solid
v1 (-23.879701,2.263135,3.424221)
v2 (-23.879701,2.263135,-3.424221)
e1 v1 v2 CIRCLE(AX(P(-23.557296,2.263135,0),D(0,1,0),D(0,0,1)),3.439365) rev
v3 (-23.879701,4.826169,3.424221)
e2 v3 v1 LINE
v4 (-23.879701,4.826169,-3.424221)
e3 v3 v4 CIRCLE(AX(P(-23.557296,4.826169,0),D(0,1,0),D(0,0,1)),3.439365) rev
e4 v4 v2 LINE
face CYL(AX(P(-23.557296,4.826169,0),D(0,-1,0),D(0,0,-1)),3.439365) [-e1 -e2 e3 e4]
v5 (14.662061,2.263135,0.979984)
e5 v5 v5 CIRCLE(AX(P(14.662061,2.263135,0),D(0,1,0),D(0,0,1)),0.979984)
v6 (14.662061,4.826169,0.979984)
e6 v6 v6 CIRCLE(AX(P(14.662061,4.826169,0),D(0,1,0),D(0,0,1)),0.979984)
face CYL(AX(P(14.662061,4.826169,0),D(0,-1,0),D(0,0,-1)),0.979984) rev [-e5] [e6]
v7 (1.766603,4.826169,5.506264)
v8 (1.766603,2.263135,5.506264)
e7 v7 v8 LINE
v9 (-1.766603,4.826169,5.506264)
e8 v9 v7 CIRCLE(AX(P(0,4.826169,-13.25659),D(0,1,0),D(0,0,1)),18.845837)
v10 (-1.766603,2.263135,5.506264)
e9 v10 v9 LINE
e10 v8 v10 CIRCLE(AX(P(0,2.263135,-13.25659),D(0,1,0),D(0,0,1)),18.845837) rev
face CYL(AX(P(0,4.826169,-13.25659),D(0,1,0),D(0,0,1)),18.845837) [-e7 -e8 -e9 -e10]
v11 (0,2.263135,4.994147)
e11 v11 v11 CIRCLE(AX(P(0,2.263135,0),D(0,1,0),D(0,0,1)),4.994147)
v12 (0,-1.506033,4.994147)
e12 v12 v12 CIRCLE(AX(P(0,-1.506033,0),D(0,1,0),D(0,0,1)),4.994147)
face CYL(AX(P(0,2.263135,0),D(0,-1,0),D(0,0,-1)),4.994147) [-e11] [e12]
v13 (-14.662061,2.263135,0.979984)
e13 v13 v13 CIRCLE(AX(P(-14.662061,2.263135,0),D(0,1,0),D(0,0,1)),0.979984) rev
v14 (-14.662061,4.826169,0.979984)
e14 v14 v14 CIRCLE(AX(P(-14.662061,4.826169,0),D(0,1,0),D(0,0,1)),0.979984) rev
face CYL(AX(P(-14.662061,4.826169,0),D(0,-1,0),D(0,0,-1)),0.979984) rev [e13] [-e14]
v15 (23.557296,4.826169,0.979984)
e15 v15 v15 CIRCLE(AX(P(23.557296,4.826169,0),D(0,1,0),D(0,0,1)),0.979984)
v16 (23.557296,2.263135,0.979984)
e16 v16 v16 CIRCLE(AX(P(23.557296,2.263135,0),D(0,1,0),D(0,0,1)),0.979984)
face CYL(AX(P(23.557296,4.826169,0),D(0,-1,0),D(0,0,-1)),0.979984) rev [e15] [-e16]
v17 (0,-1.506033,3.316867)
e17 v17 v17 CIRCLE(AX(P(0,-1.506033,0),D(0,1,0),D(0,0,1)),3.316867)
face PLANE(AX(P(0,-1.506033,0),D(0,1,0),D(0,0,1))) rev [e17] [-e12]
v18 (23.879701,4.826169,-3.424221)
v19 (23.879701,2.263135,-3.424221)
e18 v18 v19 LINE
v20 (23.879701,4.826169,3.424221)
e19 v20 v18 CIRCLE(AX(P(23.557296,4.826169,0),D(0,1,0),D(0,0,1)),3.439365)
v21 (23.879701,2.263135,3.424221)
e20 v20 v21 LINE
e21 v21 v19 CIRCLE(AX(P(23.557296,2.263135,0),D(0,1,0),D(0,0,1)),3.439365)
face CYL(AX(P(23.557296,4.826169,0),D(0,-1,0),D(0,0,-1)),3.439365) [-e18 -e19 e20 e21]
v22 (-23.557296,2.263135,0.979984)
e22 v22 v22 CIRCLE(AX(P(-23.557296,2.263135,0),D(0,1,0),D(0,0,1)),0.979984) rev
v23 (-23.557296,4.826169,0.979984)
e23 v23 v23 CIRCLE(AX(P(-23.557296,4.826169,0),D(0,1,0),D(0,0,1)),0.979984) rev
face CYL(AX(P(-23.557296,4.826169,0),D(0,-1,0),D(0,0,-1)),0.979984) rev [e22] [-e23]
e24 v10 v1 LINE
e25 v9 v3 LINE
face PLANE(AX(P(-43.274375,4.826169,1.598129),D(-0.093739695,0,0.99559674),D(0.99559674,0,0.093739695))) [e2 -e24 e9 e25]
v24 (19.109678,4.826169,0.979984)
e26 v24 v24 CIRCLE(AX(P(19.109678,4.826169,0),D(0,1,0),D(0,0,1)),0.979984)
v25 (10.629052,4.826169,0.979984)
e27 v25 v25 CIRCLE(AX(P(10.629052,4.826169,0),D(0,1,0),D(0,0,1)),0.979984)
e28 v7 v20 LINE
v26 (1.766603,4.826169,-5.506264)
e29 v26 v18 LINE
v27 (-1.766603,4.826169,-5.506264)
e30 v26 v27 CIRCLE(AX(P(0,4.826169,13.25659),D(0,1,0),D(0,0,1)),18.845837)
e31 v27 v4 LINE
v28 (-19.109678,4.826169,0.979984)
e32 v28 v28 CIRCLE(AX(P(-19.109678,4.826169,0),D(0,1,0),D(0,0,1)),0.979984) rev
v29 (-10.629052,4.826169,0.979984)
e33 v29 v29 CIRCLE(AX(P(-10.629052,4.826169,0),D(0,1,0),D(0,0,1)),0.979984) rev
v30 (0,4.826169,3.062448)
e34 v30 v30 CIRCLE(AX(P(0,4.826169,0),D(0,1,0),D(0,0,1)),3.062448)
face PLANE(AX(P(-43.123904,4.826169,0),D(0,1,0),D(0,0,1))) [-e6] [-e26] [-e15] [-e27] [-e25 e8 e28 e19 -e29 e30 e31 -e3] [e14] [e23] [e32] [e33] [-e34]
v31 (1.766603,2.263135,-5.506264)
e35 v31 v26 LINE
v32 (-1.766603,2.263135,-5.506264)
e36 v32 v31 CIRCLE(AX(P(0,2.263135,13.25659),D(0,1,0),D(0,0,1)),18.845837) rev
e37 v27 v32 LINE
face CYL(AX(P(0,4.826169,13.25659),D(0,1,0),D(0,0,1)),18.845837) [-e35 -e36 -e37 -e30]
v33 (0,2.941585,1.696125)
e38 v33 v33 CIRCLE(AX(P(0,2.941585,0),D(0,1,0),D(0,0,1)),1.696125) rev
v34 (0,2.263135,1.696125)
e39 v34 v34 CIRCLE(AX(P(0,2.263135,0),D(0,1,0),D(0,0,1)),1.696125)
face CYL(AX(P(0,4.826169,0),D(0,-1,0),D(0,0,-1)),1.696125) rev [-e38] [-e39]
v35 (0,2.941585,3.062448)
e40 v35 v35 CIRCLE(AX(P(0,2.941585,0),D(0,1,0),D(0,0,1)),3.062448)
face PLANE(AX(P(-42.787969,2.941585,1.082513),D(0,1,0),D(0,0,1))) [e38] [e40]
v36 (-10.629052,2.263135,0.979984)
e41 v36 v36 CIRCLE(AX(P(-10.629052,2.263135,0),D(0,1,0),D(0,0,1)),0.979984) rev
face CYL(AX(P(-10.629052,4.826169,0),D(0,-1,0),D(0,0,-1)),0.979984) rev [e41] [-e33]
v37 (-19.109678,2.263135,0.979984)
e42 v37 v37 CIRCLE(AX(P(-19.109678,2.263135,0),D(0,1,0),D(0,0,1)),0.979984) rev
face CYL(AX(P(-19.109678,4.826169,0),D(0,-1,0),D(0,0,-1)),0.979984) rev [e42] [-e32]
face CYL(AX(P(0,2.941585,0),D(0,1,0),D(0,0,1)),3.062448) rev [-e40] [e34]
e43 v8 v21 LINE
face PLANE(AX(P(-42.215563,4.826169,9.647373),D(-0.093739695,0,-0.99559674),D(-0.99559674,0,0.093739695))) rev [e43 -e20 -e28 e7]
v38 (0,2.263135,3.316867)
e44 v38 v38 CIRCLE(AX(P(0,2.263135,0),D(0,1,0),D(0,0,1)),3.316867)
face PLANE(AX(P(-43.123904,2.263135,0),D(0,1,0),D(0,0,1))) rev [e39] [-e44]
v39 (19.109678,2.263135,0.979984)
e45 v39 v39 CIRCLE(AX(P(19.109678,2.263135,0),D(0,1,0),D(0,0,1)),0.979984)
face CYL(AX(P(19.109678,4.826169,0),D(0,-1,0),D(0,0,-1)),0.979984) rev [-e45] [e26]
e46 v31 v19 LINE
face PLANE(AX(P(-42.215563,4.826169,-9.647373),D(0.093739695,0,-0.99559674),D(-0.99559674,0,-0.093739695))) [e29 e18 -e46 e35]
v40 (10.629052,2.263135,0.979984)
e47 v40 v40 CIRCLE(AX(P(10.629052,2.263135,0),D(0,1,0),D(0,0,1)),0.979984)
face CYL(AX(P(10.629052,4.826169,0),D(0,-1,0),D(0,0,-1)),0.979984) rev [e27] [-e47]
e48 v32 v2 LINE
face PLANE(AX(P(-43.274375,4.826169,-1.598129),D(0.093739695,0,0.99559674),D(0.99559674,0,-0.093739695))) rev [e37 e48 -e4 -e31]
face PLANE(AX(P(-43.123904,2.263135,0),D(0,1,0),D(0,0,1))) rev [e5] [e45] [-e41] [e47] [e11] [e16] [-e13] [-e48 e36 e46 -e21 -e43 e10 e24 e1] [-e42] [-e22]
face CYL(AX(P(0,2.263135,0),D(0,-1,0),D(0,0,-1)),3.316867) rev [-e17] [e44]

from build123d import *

# Parameters (mm, degrees)
SKETCH1_R           = 3.3655
SKETCH1_R_2         = 2.2352
BOSS_EXTRUDE1_DEPTH = 2.54
SKETCH2_R           = 0.6604
SKETCH2_R_2         = 2.31775
SKETCH2_R_3         = 3.3655
SKETCH2_R_4         = 2.2352
SKETCH2_R_5         = 1.143
BOSS_EXTRUDE2_DEPTH = 1.7272
FILLET1_R           = 12.7
CUT_EXTRUDE1_START  = -1.27
SKETCH3_R           = 2.06375
SKETCH3_R_2         = 1.143
CUT_EXTRUDE1_DEPTH  = 1.27
SCALE1_SCALE        = 1.483924155


with BuildPart() as part:
    # Sketch1 → Boss-Extrude1 (new body)
    with BuildSketch(Plane(origin=(0, 0, 0), x_dir=(1, 0, 0), z_dir=(0, 1, 0))):
        with Locations(Location((0, 0, 0), (0, 0, 270))):
            Circle(SKETCH1_R)
        with Locations(Location((0, 0, 0), (0, 0, 270))):
            Circle(SKETCH1_R_2, mode=Mode.SUBTRACT)
    extrude(amount=BOSS_EXTRUDE1_DEPTH)

    # Sketch2 → Boss-Extrude2 (add)
    # profile 1 of 7: a face of its own
    with BuildSketch(Plane(origin=(0, 2.54, 0), x_dir=(1, 0, 0), z_dir=(0, 1, 0))):
        with BuildLine():
            ThreePointArc((-0.713521748, -3.755518873), (-3.8227, 0), (-0.713521748, 3.755518873))
            Line((-0.713521748, 3.755518873), (-16.092265178, 2.307544345))
            ThreePointArc((-16.092265178, 2.307544345), (-14.314807913, 1.713991165), (-13.55725, 0))
            ThreePointArc((-13.55725, 0), (-14.314807913, -1.713991165), (-16.092265178, -2.307544345))
            Line((-16.092265178, -2.307544345), (-0.713521748, -3.755518873))
        make_face()
        with Locations(Location((-12.8778, 0, 0), (0, 0, 270))):
            Circle(SKETCH2_R, mode=Mode.SUBTRACT)
        with Locations(Location((-9.8806, 0, 0), (0, 0, 270))):
            Circle(SKETCH2_R, mode=Mode.SUBTRACT)
        with Locations(Location((-7.1628, 0, 0), (0, 0, 270))):
            Circle(SKETCH2_R, mode=Mode.SUBTRACT)
    # profile 2 of 7: a face of its own
    with BuildSketch(Plane(origin=(0, 2.54, 0), x_dir=(1, 0, 0), z_dir=(0, 1, 0))):
        with Locations((-15.875, 0)):
            Circle(SKETCH2_R_2)
        with Locations(Location((-15.875, 0, 0), (0, 0, 270))):
            Circle(SKETCH2_R, mode=Mode.SUBTRACT)
    # profile 3 of 7: a face of its own
    with BuildSketch(Plane(origin=(0, 2.54, 0), x_dir=(1, 0, 0), z_dir=(0, 1, 0))):
        with BuildLine():
            Line((16.092265178, 2.307544345), (0.713521748, 3.755518873))
            ThreePointArc((0.713521748, 3.755518873), (2.944538578, 2.437771083), (3.8227, 0))
            ThreePointArc((3.8227, 0), (2.944538578, -2.437771083), (0.713521748, -3.755518873))
            Line((0.713521748, -3.755518873), (16.092265178, -2.307544345))
            ThreePointArc((16.092265178, -2.307544345), (13.55725, 0), (16.092265178, 2.307544345))
        make_face()
        with Locations(Location((7.1628, 0, 0), (0, 0, 270))):
            Circle(SKETCH2_R, mode=Mode.SUBTRACT)
        with Locations(Location((9.8806, 0, 0), (0, 0, 270))):
            Circle(SKETCH2_R, mode=Mode.SUBTRACT)
        with Locations(Location((12.8778, 0, 0), (0, 0, 270))):
            Circle(SKETCH2_R, mode=Mode.SUBTRACT)
    # profile 4 of 7: a face of its own
    with BuildSketch(Plane(origin=(0, 2.54, 0), x_dir=(1, 0, 0), z_dir=(0, 1, 0))):
        with Locations((15.875, 0)):
            Circle(SKETCH2_R_2)
        with Locations(Location((15.875, 0, 0), (0, 0, 270))):
            Circle(SKETCH2_R, mode=Mode.SUBTRACT)
    # profile 5 of 7: a face of its own
    with BuildSketch(Plane(origin=(0, 2.54, 0), x_dir=(1, 0, 0), z_dir=(0, 1, 0))):
        with BuildLine():
            Line((0.713521748, 3.755518873), (0, 3.8227))
            Line((0, 3.8227), (-0.713521748, 3.755518873))
            ThreePointArc((-0.713521748, 3.755518873), (-3.8227, 0), (-0.713521748, -3.755518873))
            Line((-0.713521748, -3.755518873), (0, -3.8227))
            Line((0, -3.8227), (0.713521748, -3.755518873))
            ThreePointArc((0.713521748, -3.755518873), (2.944538578, -2.437771083), (3.8227, 0))
            ThreePointArc((3.8227, 0), (2.944538578, 2.437771083), (0.713521748, 3.755518873))
        make_face()
        with Locations(Location((0, 0, 0), (0, 0, 270))):
            Circle(SKETCH2_R_3, mode=Mode.SUBTRACT)
    # profile 6 of 7: a face of its own
    with BuildSketch(Plane(origin=(0, 2.54, 0), x_dir=(1, 0, 0), z_dir=(0, 1, 0))):
        with Locations(Location((0, 0, 0), (0, 0, 270))):
            Circle(SKETCH2_R_3)
        with Locations(Location((0, 0, 0), (0, 0, 270))):
            Circle(SKETCH2_R_4, mode=Mode.SUBTRACT)
    # profile 7 of 7: a face of its own
    with BuildSketch(Plane(origin=(0, 2.54, 0), x_dir=(1, 0, 0), z_dir=(0, 1, 0))):
        with Locations(Location((0, 0, 0), (0, 0, 270))):
            Circle(SKETCH2_R_4)
        with Locations(Location((0, 0, 0), (0, 0, 270))):
            Circle(SKETCH2_R_5, mode=Mode.SUBTRACT)
    extrude(amount=BOSS_EXTRUDE2_DEPTH)

    # Fillet1
    fillet1_edges = [part.edges().sort_by_distance(p)[0] for p in [
        (0, 3.4036, -3.8227),
        (0, 3.4036, 3.8227),
    ]]
    fillet(fillet1_edges, radius=FILLET1_R)

    # Sketch3 → Cut-Extrude1 (cut)
    with BuildSketch(Plane(origin=(0, 4.2672, 0), x_dir=(1, 0, 0), z_dir=(0, 1, 0)).offset(CUT_EXTRUDE1_START)):
        with Locations(Location((0, 0, 0), (0, 0, 270))):
            Circle(SKETCH3_R)
        with Locations(Location((0, 0, 0), (0, 0, 270))):
            Circle(SKETCH3_R_2, mode=Mode.SUBTRACT)
    extrude(amount=CUT_EXTRUDE1_DEPTH, mode=Mode.SUBTRACT)


with BuildPart() as part_1:
    # Scale1: scaled about (0, 3.112125365, 0)
    add(part.part.scale(SCALE1_SCALE).moved(Location((0, -1.506032637, 0))))


solid = part_1.part
